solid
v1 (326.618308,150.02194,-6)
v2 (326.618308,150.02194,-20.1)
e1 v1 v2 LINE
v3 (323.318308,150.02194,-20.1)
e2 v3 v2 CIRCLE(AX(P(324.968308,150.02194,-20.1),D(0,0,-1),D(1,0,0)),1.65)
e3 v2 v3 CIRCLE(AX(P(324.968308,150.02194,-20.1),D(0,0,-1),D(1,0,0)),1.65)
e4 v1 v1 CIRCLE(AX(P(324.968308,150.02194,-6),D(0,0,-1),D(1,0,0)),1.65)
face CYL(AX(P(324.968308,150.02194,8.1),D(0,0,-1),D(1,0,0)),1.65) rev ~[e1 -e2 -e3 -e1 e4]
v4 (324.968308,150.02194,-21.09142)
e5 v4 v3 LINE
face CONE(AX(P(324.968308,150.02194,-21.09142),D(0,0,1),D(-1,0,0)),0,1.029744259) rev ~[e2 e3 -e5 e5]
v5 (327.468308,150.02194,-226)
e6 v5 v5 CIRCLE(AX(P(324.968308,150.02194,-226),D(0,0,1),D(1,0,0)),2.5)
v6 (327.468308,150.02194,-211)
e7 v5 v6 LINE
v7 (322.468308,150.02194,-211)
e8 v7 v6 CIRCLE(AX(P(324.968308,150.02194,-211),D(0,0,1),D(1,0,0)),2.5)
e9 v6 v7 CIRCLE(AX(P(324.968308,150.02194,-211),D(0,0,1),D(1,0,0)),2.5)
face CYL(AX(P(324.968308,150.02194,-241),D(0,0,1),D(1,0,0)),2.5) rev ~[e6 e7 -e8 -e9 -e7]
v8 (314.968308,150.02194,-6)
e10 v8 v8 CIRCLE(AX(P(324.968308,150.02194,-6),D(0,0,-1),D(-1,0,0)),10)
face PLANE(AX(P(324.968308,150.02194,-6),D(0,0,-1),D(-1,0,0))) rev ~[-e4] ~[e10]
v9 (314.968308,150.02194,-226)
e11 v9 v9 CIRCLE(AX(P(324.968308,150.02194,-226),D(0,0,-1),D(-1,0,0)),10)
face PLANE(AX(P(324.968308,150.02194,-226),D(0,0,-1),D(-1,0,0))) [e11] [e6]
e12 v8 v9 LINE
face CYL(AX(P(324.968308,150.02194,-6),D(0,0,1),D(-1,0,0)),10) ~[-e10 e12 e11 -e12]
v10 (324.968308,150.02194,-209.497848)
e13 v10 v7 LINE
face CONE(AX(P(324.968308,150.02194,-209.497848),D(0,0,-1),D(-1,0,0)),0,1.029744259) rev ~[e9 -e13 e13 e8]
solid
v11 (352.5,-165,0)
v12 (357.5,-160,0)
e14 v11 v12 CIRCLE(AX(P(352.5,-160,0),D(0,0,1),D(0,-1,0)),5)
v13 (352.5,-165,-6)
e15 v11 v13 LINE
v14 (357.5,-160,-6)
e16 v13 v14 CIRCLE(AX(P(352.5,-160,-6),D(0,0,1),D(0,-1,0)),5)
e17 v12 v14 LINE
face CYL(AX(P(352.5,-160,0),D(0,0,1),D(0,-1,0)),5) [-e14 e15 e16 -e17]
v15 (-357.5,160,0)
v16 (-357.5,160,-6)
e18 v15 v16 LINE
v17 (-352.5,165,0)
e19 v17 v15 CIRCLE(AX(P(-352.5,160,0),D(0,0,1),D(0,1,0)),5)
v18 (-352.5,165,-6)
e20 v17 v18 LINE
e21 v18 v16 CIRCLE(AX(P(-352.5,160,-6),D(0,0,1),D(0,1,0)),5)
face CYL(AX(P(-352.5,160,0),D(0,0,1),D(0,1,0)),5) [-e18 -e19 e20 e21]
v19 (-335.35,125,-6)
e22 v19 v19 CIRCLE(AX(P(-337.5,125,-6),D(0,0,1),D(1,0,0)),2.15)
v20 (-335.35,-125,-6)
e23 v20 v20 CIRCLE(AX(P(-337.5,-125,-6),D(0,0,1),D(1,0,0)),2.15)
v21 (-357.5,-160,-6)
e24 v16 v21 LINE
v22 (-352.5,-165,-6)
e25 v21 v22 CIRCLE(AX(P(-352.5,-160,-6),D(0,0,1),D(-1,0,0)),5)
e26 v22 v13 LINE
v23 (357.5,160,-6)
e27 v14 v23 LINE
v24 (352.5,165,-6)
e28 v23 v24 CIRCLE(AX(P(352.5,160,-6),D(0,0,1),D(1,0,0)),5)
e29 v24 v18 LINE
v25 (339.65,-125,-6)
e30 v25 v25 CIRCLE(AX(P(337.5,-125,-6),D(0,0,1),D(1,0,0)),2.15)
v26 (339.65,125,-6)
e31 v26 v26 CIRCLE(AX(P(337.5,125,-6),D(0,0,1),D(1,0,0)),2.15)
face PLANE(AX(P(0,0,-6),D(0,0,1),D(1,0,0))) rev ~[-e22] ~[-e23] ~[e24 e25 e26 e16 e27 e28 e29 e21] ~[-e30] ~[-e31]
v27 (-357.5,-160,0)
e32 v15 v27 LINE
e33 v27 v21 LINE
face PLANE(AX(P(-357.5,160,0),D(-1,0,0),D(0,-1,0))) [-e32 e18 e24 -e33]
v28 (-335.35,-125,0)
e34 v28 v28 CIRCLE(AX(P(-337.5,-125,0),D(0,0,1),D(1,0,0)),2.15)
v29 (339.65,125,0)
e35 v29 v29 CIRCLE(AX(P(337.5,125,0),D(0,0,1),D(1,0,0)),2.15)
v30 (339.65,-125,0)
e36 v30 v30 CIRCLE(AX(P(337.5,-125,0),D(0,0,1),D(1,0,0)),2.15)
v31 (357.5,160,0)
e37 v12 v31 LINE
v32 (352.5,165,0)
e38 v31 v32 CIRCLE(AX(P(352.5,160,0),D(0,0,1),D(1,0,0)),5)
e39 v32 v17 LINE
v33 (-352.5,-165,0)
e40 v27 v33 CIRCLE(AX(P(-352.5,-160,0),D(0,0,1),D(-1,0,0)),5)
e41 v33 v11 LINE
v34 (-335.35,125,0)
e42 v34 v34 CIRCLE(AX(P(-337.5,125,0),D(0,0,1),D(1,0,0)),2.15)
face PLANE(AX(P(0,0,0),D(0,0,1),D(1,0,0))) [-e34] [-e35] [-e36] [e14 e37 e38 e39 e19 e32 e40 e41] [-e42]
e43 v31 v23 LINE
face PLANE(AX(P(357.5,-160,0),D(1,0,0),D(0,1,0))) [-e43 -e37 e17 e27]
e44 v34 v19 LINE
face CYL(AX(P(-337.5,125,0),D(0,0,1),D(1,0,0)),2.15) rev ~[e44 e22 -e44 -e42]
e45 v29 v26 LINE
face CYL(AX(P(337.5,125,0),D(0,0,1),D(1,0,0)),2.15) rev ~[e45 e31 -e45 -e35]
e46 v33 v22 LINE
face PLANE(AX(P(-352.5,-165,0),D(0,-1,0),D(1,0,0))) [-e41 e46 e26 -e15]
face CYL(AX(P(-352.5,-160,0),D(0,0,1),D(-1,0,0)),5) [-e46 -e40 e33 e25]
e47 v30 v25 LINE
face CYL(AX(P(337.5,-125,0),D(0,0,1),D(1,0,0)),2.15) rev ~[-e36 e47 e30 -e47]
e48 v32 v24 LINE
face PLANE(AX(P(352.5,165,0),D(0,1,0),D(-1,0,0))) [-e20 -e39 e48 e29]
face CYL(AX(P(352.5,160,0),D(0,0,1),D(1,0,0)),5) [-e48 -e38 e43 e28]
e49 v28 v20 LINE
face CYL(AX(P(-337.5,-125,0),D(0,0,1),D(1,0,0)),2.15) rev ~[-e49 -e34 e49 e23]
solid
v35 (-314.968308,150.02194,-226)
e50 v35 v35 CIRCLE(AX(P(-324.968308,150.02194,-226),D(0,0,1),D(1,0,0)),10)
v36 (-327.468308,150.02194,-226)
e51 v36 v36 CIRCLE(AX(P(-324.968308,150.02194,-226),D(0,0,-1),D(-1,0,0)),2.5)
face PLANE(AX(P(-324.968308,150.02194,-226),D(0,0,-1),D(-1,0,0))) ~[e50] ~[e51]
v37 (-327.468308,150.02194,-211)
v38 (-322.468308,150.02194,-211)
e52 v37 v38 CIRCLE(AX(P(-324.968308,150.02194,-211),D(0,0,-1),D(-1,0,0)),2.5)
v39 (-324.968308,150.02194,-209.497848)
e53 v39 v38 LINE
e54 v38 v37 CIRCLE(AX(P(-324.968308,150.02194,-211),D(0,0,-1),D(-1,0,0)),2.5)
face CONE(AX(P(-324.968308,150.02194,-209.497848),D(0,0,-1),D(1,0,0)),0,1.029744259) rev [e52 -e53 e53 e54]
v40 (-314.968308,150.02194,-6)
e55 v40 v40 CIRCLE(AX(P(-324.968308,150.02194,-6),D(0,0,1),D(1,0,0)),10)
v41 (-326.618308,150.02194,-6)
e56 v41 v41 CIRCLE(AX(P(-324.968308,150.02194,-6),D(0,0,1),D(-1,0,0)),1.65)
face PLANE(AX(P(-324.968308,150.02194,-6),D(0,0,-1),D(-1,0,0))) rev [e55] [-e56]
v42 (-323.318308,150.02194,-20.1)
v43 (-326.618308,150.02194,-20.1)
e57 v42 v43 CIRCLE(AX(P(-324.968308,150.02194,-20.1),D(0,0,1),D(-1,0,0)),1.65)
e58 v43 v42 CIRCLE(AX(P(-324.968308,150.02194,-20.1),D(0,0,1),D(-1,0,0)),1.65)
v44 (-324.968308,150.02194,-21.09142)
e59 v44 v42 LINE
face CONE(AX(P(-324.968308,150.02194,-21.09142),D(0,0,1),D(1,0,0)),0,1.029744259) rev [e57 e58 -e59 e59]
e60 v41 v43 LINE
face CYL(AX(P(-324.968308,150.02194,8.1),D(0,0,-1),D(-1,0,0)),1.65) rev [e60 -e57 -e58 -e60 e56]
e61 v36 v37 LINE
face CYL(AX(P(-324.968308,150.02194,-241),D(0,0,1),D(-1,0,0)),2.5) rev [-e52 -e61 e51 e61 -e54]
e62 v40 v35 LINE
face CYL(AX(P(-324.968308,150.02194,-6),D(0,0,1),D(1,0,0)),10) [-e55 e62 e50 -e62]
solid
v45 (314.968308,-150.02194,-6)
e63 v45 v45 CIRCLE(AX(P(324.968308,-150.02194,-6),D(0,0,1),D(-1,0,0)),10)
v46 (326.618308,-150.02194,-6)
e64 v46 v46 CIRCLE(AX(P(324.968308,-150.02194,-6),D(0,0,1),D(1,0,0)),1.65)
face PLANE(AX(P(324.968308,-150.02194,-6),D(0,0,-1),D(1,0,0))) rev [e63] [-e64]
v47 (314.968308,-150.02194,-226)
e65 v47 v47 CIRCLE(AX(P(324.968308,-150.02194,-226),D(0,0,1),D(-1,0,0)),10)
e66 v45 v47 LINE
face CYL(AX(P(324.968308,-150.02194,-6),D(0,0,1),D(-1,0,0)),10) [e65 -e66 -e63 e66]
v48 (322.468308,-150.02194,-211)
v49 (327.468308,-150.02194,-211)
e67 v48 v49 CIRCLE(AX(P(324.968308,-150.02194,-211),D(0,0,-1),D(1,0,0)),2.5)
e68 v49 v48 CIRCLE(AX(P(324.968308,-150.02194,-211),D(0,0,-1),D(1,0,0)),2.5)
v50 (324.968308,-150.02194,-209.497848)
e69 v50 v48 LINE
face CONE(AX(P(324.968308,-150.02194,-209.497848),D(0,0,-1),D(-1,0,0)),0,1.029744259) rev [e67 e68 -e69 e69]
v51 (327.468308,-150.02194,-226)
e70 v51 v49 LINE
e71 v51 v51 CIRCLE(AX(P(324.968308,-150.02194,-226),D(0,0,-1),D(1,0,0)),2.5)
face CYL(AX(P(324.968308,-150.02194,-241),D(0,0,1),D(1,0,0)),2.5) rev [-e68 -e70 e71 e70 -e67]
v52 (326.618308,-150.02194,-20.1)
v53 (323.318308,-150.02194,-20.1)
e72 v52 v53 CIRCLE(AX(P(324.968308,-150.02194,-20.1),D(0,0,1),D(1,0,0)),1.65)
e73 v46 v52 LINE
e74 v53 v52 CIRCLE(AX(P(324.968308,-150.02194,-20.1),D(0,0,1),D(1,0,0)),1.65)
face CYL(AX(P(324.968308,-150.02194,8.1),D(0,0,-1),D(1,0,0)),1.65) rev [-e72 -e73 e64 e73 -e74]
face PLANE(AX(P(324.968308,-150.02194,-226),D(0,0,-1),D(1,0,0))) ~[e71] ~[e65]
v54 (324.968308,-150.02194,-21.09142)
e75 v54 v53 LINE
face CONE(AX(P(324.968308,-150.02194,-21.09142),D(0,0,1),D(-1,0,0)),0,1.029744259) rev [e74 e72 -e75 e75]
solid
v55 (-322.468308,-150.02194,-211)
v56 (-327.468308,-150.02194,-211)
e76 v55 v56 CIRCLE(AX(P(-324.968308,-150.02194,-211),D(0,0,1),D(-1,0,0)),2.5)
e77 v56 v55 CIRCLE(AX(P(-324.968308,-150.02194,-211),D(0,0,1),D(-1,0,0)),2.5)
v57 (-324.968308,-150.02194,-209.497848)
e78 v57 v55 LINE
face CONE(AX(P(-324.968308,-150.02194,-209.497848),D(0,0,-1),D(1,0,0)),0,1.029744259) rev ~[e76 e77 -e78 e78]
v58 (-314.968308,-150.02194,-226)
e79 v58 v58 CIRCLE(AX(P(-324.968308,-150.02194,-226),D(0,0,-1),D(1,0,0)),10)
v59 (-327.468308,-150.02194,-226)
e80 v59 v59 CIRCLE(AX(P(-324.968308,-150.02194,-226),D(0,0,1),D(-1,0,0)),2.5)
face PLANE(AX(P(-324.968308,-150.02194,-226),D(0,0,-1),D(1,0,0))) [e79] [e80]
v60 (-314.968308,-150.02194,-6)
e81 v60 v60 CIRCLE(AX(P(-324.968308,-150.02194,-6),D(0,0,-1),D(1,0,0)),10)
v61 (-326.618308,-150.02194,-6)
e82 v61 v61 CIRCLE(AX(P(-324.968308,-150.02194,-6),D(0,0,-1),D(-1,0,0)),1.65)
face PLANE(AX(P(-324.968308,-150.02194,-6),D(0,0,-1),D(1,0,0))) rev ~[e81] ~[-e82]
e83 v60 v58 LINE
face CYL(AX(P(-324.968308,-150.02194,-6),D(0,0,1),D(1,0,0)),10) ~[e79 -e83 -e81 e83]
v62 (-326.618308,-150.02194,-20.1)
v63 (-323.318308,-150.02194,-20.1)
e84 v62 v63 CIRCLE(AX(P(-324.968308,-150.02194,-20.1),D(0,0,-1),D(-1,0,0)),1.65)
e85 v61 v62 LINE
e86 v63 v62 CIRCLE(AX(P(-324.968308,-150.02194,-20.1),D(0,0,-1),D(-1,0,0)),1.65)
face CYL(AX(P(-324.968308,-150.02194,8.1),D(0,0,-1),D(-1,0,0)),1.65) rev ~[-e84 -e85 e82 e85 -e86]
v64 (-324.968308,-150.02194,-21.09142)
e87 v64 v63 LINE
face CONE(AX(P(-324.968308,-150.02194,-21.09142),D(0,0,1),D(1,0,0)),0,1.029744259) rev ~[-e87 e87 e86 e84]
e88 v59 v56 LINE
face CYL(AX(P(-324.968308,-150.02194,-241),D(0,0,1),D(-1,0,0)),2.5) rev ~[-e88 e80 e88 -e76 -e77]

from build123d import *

# Parameters (mm, degrees)
F0_R     = 2.15
F1_DEPTH = 6
F2_R     = 10
F3_DEPTH = 220
F5_D     = 5
F5_DEPTH = 15
F5_TIP   = 1.5021515476
F6_D     = 3.3
F6_DEPTH = 14.1
F6_TIP   = 0.9914200214


with BuildPart() as f1:
    # F0 (on Top) → F1 (new body)
    with BuildSketch(Plane.XY):
        with BuildLine():
            ThreePointArc((357.5, 160), (356.0355339059, 163.5355339059), (352.5, 165))
            Line((352.5, 165), (-352.5, 165))
            ThreePointArc((-352.5, 165), (-356.0355339059, 163.5355339059), (-357.5, 160))
            Line((-357.5, 160), (-357.5, -160))
            ThreePointArc((-357.5, -160), (-356.0355339059, -163.5355339059), (-352.5, -165))
            Line((-352.5, -165), (352.5, -165))
            ThreePointArc((352.5, -165), (356.0355339059, -163.5355339059), (357.5, -160))
            Line((357.5, -160), (357.5, 160))
        make_face()
        with Locations((-337.5, -125)):
            Circle(F0_R, mode=Mode.SUBTRACT)
        with Locations((337.5, -125)):
            Circle(F0_R, mode=Mode.SUBTRACT)
        with Locations((-337.5, 125)):
            Circle(F0_R, mode=Mode.SUBTRACT)
        with Locations((337.5, 125)):
            Circle(F0_R, mode=Mode.SUBTRACT)
    extrude(amount=-F1_DEPTH)


with BuildPart() as f3:
    # F2 (on face) → F3 (new body)
    with BuildSketch(Plane(origin=(0, 0, -6), x_dir=(1, 0, 0), z_dir=(0, 0, -1))):
        with Locations((-324.9683082104, 150.0219404697)):
            Circle(F2_R)
    extrude(amount=F3_DEPTH)

    # F5
    with Locations(Plane(origin=(0, 0, -226), x_dir=(1, 0, 0), z_dir=(0, 0, -1))):
        with Locations((-324.9683082104, 150.0219404697)):
            Hole(F5_D / 2, depth=F5_DEPTH)
            with Locations((0, 0, -(F5_DEPTH + F5_TIP / 2))):  # 118° drill point
                Cone(0, F5_D / 2, F5_TIP, mode=Mode.SUBTRACT)

    # F6
    with Locations(Plane.XY.offset(-6)):
        with Locations((-324.9683082104, -150.0219404697)):
            Hole(F6_D / 2, depth=F6_DEPTH)
            with Locations((0, 0, -(F6_DEPTH + F6_TIP / 2))):  # 118° drill point
                Cone(0, F6_D / 2, F6_TIP, mode=Mode.SUBTRACT)


with BuildPart() as f7_1:
    # F7: instance of F3
    add(f3.part.mirror(Plane.YZ))


with BuildPart() as f8_1:
    # F8: instance of F3
    add(f3.part.mirror(Plane.XZ))


with BuildPart() as f8_2:
    # F8: instance of F7_1
    add(f7_1.part.mirror(Plane.XZ))


solid = Compound([f1.part, f3.part, f7_1.part, f8_1.part, f8_2.part])
